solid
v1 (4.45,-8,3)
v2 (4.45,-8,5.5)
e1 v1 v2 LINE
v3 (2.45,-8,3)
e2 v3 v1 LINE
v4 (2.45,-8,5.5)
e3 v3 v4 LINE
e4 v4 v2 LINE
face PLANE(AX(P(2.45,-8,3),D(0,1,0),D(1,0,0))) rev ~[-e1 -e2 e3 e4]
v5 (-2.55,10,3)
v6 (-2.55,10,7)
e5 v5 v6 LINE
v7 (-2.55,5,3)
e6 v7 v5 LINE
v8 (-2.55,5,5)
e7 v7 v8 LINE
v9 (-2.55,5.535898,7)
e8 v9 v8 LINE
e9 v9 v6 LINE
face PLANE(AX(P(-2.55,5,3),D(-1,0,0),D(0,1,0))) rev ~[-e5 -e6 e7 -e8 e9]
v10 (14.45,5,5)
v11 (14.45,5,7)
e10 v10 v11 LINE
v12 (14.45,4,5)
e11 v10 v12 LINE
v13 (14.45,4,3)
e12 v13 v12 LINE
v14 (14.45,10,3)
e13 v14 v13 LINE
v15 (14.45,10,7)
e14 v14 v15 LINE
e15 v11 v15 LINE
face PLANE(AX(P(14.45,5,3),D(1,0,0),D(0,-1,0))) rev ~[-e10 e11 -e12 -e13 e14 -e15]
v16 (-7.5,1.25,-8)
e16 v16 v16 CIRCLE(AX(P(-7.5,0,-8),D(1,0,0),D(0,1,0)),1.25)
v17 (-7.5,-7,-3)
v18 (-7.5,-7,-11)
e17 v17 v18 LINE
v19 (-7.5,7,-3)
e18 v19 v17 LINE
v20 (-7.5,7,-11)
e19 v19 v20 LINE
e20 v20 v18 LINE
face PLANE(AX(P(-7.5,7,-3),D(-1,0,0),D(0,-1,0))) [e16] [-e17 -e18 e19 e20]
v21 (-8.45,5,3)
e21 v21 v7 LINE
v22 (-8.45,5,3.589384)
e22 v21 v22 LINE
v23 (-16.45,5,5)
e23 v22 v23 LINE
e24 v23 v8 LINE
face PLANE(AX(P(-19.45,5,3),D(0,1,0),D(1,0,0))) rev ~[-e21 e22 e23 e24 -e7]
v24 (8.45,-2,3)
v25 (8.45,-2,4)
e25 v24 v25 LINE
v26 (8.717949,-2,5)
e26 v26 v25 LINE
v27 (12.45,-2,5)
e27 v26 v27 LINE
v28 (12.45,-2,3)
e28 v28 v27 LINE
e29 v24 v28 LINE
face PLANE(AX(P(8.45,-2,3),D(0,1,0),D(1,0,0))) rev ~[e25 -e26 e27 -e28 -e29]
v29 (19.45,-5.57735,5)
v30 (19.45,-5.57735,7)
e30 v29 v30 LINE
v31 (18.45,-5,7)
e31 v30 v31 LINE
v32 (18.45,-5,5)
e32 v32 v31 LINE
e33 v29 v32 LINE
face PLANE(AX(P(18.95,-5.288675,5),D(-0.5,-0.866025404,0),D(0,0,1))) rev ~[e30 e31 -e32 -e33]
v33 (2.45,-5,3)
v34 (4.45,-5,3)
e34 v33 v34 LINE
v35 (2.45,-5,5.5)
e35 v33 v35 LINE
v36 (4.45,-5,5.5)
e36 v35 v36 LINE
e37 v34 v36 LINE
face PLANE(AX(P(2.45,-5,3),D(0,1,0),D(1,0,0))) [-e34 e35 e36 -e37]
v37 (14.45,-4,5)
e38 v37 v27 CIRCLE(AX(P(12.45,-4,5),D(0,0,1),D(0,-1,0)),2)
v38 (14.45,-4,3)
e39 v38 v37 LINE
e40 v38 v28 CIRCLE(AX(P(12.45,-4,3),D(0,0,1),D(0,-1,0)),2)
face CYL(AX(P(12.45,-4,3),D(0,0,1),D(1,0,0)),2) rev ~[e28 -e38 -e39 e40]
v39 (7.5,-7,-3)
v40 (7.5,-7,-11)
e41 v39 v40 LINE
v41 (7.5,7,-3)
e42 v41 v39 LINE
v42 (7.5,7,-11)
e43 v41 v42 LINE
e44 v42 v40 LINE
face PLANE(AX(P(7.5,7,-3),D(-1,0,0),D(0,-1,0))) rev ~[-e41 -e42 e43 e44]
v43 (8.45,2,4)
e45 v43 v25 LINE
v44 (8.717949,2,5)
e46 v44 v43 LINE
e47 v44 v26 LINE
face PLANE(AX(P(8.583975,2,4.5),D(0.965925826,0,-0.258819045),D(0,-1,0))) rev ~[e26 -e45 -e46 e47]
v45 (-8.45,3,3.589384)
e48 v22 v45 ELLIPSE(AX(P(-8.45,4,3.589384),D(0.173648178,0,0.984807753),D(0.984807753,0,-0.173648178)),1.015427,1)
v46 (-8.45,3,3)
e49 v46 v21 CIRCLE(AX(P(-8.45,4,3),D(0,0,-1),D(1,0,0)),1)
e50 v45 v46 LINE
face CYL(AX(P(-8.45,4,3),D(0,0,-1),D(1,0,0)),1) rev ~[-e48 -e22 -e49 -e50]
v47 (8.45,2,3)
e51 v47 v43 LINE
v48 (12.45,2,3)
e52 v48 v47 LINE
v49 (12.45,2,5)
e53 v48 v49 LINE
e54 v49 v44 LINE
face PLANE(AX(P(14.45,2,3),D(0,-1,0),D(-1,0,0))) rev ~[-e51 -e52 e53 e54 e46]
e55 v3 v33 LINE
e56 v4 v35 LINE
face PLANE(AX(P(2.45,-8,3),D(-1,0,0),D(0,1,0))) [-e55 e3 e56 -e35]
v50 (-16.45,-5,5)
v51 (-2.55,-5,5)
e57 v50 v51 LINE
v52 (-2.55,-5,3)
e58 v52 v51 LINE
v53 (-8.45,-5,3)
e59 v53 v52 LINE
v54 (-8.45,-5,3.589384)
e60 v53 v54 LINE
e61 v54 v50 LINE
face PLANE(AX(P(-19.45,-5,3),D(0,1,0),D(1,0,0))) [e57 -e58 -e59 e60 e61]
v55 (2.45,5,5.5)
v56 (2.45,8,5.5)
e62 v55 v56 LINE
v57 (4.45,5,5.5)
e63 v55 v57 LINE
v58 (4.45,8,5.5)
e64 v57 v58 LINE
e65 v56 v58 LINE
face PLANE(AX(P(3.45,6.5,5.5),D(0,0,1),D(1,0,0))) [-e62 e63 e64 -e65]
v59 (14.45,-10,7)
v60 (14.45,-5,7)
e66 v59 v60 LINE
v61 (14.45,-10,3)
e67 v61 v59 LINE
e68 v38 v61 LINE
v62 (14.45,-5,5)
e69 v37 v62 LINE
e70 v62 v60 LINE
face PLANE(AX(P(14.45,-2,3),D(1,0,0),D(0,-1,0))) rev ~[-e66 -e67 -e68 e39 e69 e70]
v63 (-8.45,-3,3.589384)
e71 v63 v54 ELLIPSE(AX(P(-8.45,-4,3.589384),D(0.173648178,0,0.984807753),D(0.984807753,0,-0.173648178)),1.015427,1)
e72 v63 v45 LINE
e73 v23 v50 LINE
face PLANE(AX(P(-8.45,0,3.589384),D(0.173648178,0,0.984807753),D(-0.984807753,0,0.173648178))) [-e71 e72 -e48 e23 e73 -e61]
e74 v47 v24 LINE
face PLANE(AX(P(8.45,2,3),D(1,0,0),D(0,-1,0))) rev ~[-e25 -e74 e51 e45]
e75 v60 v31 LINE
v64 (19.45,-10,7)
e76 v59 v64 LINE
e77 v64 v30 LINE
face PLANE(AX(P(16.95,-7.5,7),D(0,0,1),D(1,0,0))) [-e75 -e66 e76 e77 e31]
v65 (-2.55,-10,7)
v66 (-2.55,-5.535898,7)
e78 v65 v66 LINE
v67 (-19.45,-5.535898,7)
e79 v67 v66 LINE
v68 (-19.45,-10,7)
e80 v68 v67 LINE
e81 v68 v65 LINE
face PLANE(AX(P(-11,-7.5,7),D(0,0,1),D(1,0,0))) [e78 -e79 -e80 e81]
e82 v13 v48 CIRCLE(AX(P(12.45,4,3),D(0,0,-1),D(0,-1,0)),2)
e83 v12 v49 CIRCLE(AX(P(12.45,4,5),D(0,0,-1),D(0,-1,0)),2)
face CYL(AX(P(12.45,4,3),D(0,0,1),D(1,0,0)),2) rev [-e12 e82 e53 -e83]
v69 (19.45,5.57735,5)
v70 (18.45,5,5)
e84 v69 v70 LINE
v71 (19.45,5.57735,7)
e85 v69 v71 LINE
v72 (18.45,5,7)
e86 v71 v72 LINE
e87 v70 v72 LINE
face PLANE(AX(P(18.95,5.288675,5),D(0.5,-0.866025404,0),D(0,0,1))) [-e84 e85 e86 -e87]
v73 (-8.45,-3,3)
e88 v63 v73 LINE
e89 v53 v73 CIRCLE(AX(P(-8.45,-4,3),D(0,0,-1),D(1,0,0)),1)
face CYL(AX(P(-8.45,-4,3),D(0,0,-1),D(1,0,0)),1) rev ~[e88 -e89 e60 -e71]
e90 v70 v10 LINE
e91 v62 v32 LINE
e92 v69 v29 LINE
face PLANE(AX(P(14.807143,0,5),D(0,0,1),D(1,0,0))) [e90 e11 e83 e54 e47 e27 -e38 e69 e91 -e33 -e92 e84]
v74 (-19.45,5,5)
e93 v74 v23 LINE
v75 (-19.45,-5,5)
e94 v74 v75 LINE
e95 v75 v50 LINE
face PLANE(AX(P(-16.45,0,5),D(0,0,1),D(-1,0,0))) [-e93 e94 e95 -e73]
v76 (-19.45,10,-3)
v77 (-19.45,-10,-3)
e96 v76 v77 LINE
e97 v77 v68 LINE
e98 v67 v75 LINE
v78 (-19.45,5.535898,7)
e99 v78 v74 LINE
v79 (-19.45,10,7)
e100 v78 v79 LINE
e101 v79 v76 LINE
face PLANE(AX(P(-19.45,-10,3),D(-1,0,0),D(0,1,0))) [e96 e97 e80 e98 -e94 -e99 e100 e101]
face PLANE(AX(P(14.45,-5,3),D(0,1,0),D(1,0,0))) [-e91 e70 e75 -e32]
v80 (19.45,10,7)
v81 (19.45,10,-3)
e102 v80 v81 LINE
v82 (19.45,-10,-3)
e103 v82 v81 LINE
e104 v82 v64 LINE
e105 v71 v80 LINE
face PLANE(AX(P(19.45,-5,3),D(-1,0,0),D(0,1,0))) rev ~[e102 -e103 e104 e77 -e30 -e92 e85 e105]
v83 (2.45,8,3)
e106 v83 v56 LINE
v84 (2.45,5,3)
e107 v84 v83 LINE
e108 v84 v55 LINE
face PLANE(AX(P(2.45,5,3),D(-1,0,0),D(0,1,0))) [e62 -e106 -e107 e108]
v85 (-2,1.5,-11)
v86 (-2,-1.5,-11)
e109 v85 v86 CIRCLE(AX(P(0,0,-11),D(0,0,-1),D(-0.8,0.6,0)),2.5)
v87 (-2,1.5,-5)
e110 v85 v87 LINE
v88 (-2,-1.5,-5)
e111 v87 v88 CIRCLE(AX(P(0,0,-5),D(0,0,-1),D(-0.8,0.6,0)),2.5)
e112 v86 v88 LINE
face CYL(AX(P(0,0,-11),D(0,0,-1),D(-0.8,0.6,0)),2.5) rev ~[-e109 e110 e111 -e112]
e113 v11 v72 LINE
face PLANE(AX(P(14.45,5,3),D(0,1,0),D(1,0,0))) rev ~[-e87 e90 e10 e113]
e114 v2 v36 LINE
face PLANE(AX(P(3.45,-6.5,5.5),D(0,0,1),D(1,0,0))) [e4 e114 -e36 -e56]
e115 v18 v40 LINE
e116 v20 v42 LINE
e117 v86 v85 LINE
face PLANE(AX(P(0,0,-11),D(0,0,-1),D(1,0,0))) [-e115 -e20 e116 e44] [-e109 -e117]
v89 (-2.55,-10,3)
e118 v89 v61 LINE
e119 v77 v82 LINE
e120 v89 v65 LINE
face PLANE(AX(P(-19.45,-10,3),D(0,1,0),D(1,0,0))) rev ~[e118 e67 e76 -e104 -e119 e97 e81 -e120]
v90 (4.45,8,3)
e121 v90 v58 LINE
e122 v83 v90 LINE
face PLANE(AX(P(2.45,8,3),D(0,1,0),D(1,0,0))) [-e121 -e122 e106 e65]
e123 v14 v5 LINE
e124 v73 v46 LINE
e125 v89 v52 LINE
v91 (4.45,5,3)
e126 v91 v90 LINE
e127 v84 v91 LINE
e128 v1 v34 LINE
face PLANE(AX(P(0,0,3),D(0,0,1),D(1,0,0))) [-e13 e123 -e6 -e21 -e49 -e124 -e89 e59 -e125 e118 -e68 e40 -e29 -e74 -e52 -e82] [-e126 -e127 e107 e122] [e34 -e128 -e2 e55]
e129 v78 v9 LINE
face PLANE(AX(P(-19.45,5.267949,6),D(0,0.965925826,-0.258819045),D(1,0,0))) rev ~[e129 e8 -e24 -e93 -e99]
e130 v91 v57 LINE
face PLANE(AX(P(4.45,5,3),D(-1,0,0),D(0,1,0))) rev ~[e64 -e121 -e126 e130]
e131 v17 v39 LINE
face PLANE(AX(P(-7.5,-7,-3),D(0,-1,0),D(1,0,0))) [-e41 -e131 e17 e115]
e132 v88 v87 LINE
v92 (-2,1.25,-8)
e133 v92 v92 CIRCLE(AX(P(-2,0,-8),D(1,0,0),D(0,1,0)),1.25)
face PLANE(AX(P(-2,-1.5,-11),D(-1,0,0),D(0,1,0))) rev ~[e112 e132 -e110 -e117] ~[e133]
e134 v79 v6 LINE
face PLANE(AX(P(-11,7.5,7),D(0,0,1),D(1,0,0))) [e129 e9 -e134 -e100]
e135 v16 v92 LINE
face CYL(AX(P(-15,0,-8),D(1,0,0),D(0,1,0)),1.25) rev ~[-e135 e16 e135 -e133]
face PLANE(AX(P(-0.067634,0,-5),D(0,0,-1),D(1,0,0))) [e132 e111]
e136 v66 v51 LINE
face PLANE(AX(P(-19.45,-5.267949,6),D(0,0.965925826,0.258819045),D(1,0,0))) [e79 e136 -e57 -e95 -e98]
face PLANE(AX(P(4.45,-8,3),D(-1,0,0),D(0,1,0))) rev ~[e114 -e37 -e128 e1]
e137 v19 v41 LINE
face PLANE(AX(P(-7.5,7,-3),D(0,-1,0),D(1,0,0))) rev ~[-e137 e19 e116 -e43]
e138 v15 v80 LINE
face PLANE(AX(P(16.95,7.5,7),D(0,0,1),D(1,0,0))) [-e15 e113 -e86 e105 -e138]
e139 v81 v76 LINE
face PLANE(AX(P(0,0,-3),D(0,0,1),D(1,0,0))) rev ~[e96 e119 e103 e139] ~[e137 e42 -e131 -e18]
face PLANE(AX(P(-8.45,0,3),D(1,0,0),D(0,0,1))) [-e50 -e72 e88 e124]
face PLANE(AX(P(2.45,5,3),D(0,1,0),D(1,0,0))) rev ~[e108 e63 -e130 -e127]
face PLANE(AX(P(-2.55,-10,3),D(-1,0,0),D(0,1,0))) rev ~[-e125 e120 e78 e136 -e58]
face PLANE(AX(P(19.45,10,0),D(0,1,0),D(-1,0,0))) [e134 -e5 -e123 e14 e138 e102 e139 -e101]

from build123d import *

# Parameters (mm, degrees)
F1_DEPTH    = 3
F3_DEPTH    = 5
F5_D        = 2
F5_DEPTH    = 2.001
F6_W        = 16.9
F6_H        = 5
F6_W_2      = 5
F7_DEPTH    = 4
F8_W        = 2
F8_H        = 3
F9_DEPTH    = 2.5
F11_DEPTH   = 2
F12_R       = 2
F13_SIZE2   = 1
F13_SIZE    = 0.2679491924
F14_SIZE2   = 2
F14_SIZE    = 0.5358983849
F14_2_SIZE2 = 2
F14_2_SIZE  = 0.5358983849
F15_SIZE2   = 1
F15_SIZE    = 0.5773502692
F16_W       = 15
F16_H       = 14
F17_DEPTH   = 8
F19_DEPTH   = 6
F21_D       = 2.5
F21_DEPTH   = 7.5
F21_TIP     = 0.7510757738


with BuildPart() as f1:
    # F0 (on Top) → F1 (new body, symmetric)
    with BuildSketch(Plane.XY):
        Polygon((19.45, 10), (0, 10), (-19.45, 10), (-19.45, -10), (19.45, -10), align=None)
    extrude(amount=F1_DEPTH, both=True)

    # F2 (on Front) → F3 (join, symmetric)
    with BuildSketch(Plane.XZ):
        Polygon((-8.45, 3.5893841543), (-16.45, 5), (-19.45, 5), (-19.45, 3), (-8.45, 3), align=None)
    extrude(amount=F3_DEPTH, both=True)

    # F5 (through all, one way)
    with BuildSketch(Plane(origin=(0, 0, 3), x_dir=(1, 0, 0), z_dir=(0, 0, -1))):
        with Locations((-8.45, -4), (-8.45, 4)):
            Circle(F5_D / 2)
    extrude(amount=-F5_DEPTH, mode=Mode.SUBTRACT)

    # F6 (on face) → F7 (join)
    with BuildSketch(Plane.XY.offset(3)):
        with Locations((-11, -7.5)):
            Rectangle(F6_W, F6_H)
        with Locations((-11, 7.5)):
            Rectangle(F6_W, F6_H)
        with Locations((16.95, 7.5)):
            Rectangle(F6_W_2, F6_H)
        with Locations((16.95, -7.5)):
            Rectangle(F6_W_2, F6_H)
    extrude(amount=F7_DEPTH)

    # F8 (on face) → F9 (join)
    with BuildSketch(Plane.XY.offset(3)):
        with Locations((3.45, 6.5)):
            Rectangle(F8_W, F8_H)
        with Locations((3.45, -6.5)):
            Rectangle(F8_W, F8_H)
    extrude(amount=F9_DEPTH)

    # F10 (on face) → F11 (join)
    with BuildSketch(Plane.XY.offset(3)):
        Polygon((19.45, -5), (19.45, 5), (14.45, 5), (14.45, 2), (8.45, 2), (8.45, -2), (14.45, -2), (14.45, -5), align=None)
    extrude(amount=F11_DEPTH)

    # F12
    f12_edges = [f1.edges().sort_by_distance(p)[0] for p in [
        (14.45, -2, 4),
        (14.45, 2, 4),
    ]]
    fillet(f12_edges, radius=F12_R)

    # F13
    f13_edges = [f1.edges().sort_by_distance(p)[0] for p in [
        (8.45, 0, 5),
    ]]
    f13_side = f1.faces().sort_by_distance((15.139847, 0, 5))[0]
    chamfer(f13_edges, length=F13_SIZE, length2=F13_SIZE2, reference=f13_side)

    # F14
    f14_edges = [f1.edges().sort_by_distance(p)[0] for p in [
        (-11, 5, 7),
    ]]
    f14_side = f1.faces().sort_by_distance((-11, 7.5, 7))[0]
    chamfer(f14_edges, length=F14_SIZE, length2=F14_SIZE2, reference=f14_side)

    # F14#2
    f14_2_edges = [f1.edges().sort_by_distance(p)[0] for p in [
        (-11, -5, 7),
    ]]
    f14_2_side = f1.faces().sort_by_distance((-11, -7.5, 7))[0]
    chamfer(f14_2_edges, length=F14_2_SIZE, length2=F14_2_SIZE2, reference=f14_2_side)

    # F15
    f15_edges = [f1.edges().sort_by_distance(p)[0] for p in [
        (19.45, 5, 6),
        (19.45, -5, 6),
    ]]
    f15_side = f1.faces().sort_by_distance((19.45, 0, 1.555556))[0]
    chamfer(f15_edges, length=F15_SIZE, length2=F15_SIZE2, reference=f15_side)

    # F16 (on face) → F17 (join)
    with BuildSketch(Plane(origin=(0, 0, -3), x_dir=(1, 0, 0), z_dir=(0, 0, -1))):
        Rectangle(F16_W, F16_H)
    extrude(amount=F17_DEPTH)

    # F18 (on face) → F19 (cut)
    with BuildSketch(Plane(origin=(0, 0, -11), x_dir=(1, 0, 0), z_dir=(0, 0, -1))):
        with BuildLine():
            Line((-2, 0), (-2, -1.5))
            ThreePointArc((-2, -1.5), (2.5, 0), (-2, 1.5))
            Line((-2, 1.5), (-2, 0))
        make_face()
    extrude(amount=-F19_DEPTH, mode=Mode.SUBTRACT)

    # F21
    with Locations(Plane(origin=(-7.5, 0, 0), x_dir=(0, -1, 0), z_dir=(-1, 0, 0))):
        with Locations((0, -8)):
            Hole(F21_D / 2, depth=F21_DEPTH)
            with Locations((0, 0, -(F21_DEPTH + F21_TIP / 2))):  # 118° drill point
                Cone(0, F21_D / 2, F21_TIP, mode=Mode.SUBTRACT)


solid = f1.part
